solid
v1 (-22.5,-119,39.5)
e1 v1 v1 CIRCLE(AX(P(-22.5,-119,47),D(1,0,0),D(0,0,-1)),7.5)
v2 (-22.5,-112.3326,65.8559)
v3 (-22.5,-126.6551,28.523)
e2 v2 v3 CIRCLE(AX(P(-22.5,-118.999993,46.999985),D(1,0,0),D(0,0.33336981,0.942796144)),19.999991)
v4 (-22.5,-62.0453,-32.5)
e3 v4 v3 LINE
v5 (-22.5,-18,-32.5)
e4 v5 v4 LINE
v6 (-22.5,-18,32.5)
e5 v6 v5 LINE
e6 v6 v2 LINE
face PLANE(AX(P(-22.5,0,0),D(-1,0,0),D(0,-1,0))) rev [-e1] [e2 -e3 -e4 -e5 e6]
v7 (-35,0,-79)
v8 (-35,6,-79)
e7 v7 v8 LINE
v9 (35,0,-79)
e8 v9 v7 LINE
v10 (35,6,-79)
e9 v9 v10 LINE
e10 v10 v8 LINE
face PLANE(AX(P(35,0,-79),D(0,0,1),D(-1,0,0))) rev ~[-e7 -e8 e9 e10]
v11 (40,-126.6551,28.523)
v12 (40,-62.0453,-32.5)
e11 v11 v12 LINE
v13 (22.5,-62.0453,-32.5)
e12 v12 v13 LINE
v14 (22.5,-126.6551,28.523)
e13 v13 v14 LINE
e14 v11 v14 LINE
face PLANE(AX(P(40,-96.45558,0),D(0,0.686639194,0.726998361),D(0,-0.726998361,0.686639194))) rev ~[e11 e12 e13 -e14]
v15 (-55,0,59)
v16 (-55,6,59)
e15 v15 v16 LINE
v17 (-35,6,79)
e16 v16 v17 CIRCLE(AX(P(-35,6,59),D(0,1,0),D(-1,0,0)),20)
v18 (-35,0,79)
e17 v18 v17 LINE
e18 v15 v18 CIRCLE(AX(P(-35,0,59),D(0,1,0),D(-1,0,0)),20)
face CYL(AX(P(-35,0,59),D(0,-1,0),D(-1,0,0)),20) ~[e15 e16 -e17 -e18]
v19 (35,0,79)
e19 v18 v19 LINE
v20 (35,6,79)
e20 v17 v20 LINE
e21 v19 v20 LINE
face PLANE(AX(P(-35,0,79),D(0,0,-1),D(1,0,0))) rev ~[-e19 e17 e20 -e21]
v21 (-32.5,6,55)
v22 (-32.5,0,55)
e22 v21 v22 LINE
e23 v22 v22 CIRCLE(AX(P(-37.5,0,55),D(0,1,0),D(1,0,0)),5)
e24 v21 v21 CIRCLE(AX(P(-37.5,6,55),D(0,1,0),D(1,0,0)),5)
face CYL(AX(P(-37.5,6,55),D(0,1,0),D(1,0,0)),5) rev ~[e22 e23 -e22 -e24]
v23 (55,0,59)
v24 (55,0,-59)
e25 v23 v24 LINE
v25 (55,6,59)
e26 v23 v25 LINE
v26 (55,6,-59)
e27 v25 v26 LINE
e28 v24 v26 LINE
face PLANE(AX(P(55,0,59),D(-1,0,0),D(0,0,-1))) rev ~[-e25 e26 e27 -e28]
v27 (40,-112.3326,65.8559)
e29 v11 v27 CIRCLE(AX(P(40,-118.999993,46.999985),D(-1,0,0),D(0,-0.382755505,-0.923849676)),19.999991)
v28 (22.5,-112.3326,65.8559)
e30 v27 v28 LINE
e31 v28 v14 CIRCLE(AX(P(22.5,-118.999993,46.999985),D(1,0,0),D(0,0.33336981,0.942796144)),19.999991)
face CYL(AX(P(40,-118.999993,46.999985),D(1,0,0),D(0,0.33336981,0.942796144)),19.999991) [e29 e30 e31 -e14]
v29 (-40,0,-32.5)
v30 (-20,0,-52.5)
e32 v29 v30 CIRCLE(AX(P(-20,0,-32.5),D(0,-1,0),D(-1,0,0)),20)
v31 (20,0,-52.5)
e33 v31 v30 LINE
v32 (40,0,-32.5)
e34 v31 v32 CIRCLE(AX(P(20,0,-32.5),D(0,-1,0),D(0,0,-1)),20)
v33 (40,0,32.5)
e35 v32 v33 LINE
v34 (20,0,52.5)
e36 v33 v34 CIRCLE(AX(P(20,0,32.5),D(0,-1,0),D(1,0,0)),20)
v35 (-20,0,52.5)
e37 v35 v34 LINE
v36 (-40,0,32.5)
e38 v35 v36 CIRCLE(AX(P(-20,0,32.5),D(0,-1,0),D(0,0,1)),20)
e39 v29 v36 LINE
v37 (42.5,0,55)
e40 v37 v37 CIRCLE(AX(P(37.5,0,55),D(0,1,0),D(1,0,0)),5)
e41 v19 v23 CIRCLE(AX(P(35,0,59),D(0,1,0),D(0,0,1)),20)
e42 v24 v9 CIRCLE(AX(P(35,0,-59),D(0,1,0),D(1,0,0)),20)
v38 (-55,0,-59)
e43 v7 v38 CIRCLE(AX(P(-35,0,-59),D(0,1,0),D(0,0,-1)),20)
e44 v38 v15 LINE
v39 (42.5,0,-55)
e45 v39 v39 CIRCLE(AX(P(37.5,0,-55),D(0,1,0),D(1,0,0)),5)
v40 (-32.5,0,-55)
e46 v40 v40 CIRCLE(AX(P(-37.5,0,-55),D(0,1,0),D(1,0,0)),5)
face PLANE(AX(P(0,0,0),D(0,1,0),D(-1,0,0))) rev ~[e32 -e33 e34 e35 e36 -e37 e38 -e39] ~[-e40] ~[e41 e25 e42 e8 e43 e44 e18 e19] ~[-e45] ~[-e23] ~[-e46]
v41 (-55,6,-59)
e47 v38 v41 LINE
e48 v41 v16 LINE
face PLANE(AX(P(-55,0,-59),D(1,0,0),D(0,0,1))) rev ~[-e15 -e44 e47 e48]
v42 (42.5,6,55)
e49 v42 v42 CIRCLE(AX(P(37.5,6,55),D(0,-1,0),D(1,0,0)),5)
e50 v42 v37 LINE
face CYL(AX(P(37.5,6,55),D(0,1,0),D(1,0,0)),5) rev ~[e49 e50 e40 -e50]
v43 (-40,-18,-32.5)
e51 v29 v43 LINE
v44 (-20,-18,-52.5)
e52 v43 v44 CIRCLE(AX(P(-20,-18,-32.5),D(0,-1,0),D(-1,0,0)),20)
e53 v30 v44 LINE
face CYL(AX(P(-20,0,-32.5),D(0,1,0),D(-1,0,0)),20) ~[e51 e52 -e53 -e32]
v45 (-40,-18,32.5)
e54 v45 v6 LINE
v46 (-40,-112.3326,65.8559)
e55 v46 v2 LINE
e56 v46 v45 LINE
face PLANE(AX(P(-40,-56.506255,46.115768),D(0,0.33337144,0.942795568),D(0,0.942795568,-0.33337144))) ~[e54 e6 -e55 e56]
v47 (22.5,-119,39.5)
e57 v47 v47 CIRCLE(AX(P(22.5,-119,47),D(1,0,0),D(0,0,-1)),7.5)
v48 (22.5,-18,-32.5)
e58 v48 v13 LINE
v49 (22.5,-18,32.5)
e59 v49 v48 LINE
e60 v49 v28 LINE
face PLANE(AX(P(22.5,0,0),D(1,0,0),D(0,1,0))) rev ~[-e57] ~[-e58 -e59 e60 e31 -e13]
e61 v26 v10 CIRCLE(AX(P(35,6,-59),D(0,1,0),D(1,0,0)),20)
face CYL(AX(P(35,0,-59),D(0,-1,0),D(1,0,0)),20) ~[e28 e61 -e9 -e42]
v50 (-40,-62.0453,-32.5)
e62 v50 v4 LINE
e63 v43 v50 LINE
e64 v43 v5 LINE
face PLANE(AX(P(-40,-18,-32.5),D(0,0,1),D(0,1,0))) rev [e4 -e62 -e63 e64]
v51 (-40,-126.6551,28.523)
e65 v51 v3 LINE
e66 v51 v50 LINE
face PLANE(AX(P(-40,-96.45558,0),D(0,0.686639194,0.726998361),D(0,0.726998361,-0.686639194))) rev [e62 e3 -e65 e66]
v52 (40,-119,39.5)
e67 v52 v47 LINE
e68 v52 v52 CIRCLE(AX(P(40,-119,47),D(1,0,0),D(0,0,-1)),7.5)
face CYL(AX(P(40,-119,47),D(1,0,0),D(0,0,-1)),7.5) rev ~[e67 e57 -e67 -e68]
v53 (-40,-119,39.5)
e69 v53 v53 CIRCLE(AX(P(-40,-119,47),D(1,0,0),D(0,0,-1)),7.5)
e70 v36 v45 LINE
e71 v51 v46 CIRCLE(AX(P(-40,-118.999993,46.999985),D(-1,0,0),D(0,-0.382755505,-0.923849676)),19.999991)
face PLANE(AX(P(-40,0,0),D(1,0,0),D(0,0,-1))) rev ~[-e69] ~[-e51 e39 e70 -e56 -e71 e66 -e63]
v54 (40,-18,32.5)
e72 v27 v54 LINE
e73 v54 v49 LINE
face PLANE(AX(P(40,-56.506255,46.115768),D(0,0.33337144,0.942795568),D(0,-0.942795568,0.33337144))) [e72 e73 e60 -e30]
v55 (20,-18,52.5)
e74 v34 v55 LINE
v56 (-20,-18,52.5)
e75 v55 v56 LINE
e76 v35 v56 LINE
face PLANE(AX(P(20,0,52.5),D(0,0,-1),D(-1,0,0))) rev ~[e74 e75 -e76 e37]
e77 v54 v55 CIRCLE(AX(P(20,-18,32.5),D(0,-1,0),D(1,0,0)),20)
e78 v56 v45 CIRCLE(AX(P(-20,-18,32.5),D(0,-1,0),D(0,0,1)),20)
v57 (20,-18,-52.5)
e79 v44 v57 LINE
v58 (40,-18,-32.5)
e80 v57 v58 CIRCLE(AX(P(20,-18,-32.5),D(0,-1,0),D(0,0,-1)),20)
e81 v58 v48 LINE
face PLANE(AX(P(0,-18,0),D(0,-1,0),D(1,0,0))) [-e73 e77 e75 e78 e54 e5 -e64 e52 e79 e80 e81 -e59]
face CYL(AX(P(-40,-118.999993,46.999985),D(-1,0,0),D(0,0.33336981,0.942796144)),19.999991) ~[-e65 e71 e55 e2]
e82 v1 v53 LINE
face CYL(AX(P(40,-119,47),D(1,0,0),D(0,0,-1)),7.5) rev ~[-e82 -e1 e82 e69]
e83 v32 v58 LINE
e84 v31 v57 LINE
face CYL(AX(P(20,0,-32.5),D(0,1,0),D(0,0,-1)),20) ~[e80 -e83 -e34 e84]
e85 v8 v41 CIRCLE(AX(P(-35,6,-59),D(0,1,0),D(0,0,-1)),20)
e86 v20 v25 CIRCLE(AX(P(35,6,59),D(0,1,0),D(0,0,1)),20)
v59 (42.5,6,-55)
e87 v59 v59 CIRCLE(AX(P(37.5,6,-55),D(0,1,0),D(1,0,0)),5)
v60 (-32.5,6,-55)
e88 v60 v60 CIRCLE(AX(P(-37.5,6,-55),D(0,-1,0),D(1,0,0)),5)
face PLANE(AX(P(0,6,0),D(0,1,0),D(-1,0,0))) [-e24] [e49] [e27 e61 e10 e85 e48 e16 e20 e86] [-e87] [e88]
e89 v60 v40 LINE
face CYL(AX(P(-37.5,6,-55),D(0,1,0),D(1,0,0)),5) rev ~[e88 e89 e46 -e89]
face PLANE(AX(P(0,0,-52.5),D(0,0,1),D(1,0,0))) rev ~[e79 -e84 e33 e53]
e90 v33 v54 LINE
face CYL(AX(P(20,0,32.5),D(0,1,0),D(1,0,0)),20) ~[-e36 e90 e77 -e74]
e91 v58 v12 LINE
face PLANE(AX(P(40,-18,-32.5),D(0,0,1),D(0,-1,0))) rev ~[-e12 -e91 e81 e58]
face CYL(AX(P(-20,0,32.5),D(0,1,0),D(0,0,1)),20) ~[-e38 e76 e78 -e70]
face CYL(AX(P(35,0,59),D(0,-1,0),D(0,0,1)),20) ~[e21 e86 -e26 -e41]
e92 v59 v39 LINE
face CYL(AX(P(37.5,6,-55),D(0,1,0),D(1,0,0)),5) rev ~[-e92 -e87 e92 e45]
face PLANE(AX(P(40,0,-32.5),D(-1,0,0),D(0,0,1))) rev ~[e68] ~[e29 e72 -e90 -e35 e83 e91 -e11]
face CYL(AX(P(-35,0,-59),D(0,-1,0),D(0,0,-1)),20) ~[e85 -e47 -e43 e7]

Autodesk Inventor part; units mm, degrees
ref_plane "XZ Plane" through (0, 0, 0) normal (0, 1, 0) x (-1, 0, 0)
ref_plane "XY Plane" through (0, 0, 0) normal (0, 0, 1) x (1, 0, 0)
sketch "Sketch1" plane through (0, 0, 0) normal (0, 1, 0) x (-1, 0, 0)
  line L0 (-35, -79) -> (35, -79)
  line L1 (55, -59) -> (55, 59)
  line L2 (35, 79) -> (-35, 79)
  line L3 (-55, 59) -> (-55, -59)
  line L4 (-55, -79) -> (55, 79) construction
  line L5 (55, -79) -> (-55, 79) construction
  arc A0 (55, 59) -> (35, 79) centre (35, 59) ccw
  arc A1 (-35, 79) -> (-55, 59) centre (-35, 59) ccw
  arc A2 (-55, -59) -> (-35, -79) centre (-35, -59) ccw
  arc A3 (35, -79) -> (55, -59) centre (35, -59) ccw
  point P0 (0, 0)
  dimension "d0" = 158
  dimension "d1" = 110
  dimension "d2" = 20
extrude "Extrusion1" add sketch "Sketch1" along normal blind 6
sketch "Sketch2" plane through (0, 0, 0) normal (0, -1, 0) x (1, 0, 0)
  line L0 (-55, -52.5) -> (55, 52.5) construction
  line L1 (55, -52.5) -> (-55, 52.5) construction
  line L2 (90.8825, 0) -> (-87.3629, 0)
  line L3 (0, 94.4084) -> (0, -106.3516)
  line L4 (-20, -52.5) -> (20, -52.5)
  line L5 (40, -32.5) -> (40, 32.5)
  line L6 (20, 52.5) -> (-20, 52.5)
  line L7 (-40, 32.5) -> (-40, -32.5)
  line L8 (-40, -52.5) -> (40, 52.5) construction
  line L9 (40, -52.5) -> (-40, 52.5) construction
  line L10 (40, 52.5) -> (41.9971, 52.5)
  line L11 (40, -52.5) -> (41.9971, -52.5)
  line L12 (40, 52.5) -> (40, 71.6594)
  line L13 (40, -52.5) -> (40, -69.6689)
  arc A0 (40, 32.5) -> (20, 52.5) centre (20, 32.5) ccw
  arc A1 (-20, 52.5) -> (-40, 32.5) centre (-20, 32.5) ccw
  arc A2 (-40, -32.5) -> (-20, -52.5) centre (-20, -32.5) ccw
  arc A3 (20, -52.5) -> (40, -32.5) centre (20, -32.5) ccw
  point P0 (0, 0)
  dimension "d23" = 52.5
  dimension "d25" = 40
  dimension "d26" = 20
extrude "Extrusion2" add sketch "Sketch2" along normal blind 18
sketch "Sketch3" plane through (0, 6, 0) normal (0, 1, 0) x (1, 0, 0)
  circle A0 centre (-37.5, -55) radius 5
  circle A1 centre (37.5, -55) radius 5
  line L0 (-35.6722, 52.5) -> (-19.5402, 52.5)
  line L1 (0, 83.5001) -> (0, -85.7722)
  line L2 (-75.2069, 0) -> (80.66, 0)
  line L3 (-37.5, -55) -> (37.5, -55)
  line L4 (-37.5, -55) -> (-37.5, -56.2391)
  line L5 (37.5, -55) -> (37.5, -56.2391)
  circle A2 centre (-37.5, 55) radius 5
  circle A3 centre (37.5, 55) radius 5
  point P0 (0, 0)
  dimension "d15" = 37.5
  dimension "d16" = 37.5
  dimension "d17" = 55
  dimension "d20" = 10
  dimension "d21" = 10
extrude "Extrusion3" cut sketch "Sketch3" against normal blind 6
ref_plane "Work Plane1" through (40, 0, 0) normal (1, 0, 0) x (0, 1, 0)
sketch "Sketch4" plane through (40, 0, 0) normal (1, 0, 0) x (0, 1, 0)
  arc A0 (-112.3326, 65.8559) -> (-126.6551, 28.523) centre (-119, 47) ccw
  circle A1 centre (-119, 47) radius 62.5
  line L0 (-18, -32.5) -> (-18, 32.5) projected
  line L1 (6, 59) -> (6, -59) projected
  line L2 (63.9503, 0) -> (-247.3631, 0)
  line L3 (-119, 47) -> (-214.4005, 47)
  line L4 (-18, -32.5) -> (-62.0453, -32.5)
  line L5 (-18, 32.5) -> (-18, -32.5)
  line L6 (-18, 32.5) -> (-112.3326, 65.8559)
  line L7 (-62.0453, -32.5) -> (-126.6551, 28.523)
  point P0 (0, 0)
  point P1 (-131.6551, 40.5657)
  dimension "d28" = 40
  dimension "d29" = 125
  dimension "d30" = 125
  dimension "d31" = 47
extrude "Extrusion4" add sketch "Sketch4" against normal blind 17.5 contours L6 A1 L2 L7 A0 | L6 L0 L2 A1 | L2 L0 L4 L7 A1 | A1 L7 L2 picked at (-85.1463, -0.9198)
mirror "Mirror1" about plane through (0, 0, 0) normal (1, 0, 0) of "Extrusion4"
sketch "Sketch5" plane through (40, 0, 32.5) normal (1, 0, 0) x (0, 0, -1)
  arc A0 (-33.3559, -112.3326) -> (3.977, -126.6551) centre (-14.5, -119) ccw projected
  circle A1 centre (-14.5, -119) radius 7.5
  point P0 (32.5, 0)
  dimension "d35" = 15
extrude "Extrusion5" cut sketch "Sketch5" against normal through all
properties part number "Plate2" material "Polyethylene, High Density"
